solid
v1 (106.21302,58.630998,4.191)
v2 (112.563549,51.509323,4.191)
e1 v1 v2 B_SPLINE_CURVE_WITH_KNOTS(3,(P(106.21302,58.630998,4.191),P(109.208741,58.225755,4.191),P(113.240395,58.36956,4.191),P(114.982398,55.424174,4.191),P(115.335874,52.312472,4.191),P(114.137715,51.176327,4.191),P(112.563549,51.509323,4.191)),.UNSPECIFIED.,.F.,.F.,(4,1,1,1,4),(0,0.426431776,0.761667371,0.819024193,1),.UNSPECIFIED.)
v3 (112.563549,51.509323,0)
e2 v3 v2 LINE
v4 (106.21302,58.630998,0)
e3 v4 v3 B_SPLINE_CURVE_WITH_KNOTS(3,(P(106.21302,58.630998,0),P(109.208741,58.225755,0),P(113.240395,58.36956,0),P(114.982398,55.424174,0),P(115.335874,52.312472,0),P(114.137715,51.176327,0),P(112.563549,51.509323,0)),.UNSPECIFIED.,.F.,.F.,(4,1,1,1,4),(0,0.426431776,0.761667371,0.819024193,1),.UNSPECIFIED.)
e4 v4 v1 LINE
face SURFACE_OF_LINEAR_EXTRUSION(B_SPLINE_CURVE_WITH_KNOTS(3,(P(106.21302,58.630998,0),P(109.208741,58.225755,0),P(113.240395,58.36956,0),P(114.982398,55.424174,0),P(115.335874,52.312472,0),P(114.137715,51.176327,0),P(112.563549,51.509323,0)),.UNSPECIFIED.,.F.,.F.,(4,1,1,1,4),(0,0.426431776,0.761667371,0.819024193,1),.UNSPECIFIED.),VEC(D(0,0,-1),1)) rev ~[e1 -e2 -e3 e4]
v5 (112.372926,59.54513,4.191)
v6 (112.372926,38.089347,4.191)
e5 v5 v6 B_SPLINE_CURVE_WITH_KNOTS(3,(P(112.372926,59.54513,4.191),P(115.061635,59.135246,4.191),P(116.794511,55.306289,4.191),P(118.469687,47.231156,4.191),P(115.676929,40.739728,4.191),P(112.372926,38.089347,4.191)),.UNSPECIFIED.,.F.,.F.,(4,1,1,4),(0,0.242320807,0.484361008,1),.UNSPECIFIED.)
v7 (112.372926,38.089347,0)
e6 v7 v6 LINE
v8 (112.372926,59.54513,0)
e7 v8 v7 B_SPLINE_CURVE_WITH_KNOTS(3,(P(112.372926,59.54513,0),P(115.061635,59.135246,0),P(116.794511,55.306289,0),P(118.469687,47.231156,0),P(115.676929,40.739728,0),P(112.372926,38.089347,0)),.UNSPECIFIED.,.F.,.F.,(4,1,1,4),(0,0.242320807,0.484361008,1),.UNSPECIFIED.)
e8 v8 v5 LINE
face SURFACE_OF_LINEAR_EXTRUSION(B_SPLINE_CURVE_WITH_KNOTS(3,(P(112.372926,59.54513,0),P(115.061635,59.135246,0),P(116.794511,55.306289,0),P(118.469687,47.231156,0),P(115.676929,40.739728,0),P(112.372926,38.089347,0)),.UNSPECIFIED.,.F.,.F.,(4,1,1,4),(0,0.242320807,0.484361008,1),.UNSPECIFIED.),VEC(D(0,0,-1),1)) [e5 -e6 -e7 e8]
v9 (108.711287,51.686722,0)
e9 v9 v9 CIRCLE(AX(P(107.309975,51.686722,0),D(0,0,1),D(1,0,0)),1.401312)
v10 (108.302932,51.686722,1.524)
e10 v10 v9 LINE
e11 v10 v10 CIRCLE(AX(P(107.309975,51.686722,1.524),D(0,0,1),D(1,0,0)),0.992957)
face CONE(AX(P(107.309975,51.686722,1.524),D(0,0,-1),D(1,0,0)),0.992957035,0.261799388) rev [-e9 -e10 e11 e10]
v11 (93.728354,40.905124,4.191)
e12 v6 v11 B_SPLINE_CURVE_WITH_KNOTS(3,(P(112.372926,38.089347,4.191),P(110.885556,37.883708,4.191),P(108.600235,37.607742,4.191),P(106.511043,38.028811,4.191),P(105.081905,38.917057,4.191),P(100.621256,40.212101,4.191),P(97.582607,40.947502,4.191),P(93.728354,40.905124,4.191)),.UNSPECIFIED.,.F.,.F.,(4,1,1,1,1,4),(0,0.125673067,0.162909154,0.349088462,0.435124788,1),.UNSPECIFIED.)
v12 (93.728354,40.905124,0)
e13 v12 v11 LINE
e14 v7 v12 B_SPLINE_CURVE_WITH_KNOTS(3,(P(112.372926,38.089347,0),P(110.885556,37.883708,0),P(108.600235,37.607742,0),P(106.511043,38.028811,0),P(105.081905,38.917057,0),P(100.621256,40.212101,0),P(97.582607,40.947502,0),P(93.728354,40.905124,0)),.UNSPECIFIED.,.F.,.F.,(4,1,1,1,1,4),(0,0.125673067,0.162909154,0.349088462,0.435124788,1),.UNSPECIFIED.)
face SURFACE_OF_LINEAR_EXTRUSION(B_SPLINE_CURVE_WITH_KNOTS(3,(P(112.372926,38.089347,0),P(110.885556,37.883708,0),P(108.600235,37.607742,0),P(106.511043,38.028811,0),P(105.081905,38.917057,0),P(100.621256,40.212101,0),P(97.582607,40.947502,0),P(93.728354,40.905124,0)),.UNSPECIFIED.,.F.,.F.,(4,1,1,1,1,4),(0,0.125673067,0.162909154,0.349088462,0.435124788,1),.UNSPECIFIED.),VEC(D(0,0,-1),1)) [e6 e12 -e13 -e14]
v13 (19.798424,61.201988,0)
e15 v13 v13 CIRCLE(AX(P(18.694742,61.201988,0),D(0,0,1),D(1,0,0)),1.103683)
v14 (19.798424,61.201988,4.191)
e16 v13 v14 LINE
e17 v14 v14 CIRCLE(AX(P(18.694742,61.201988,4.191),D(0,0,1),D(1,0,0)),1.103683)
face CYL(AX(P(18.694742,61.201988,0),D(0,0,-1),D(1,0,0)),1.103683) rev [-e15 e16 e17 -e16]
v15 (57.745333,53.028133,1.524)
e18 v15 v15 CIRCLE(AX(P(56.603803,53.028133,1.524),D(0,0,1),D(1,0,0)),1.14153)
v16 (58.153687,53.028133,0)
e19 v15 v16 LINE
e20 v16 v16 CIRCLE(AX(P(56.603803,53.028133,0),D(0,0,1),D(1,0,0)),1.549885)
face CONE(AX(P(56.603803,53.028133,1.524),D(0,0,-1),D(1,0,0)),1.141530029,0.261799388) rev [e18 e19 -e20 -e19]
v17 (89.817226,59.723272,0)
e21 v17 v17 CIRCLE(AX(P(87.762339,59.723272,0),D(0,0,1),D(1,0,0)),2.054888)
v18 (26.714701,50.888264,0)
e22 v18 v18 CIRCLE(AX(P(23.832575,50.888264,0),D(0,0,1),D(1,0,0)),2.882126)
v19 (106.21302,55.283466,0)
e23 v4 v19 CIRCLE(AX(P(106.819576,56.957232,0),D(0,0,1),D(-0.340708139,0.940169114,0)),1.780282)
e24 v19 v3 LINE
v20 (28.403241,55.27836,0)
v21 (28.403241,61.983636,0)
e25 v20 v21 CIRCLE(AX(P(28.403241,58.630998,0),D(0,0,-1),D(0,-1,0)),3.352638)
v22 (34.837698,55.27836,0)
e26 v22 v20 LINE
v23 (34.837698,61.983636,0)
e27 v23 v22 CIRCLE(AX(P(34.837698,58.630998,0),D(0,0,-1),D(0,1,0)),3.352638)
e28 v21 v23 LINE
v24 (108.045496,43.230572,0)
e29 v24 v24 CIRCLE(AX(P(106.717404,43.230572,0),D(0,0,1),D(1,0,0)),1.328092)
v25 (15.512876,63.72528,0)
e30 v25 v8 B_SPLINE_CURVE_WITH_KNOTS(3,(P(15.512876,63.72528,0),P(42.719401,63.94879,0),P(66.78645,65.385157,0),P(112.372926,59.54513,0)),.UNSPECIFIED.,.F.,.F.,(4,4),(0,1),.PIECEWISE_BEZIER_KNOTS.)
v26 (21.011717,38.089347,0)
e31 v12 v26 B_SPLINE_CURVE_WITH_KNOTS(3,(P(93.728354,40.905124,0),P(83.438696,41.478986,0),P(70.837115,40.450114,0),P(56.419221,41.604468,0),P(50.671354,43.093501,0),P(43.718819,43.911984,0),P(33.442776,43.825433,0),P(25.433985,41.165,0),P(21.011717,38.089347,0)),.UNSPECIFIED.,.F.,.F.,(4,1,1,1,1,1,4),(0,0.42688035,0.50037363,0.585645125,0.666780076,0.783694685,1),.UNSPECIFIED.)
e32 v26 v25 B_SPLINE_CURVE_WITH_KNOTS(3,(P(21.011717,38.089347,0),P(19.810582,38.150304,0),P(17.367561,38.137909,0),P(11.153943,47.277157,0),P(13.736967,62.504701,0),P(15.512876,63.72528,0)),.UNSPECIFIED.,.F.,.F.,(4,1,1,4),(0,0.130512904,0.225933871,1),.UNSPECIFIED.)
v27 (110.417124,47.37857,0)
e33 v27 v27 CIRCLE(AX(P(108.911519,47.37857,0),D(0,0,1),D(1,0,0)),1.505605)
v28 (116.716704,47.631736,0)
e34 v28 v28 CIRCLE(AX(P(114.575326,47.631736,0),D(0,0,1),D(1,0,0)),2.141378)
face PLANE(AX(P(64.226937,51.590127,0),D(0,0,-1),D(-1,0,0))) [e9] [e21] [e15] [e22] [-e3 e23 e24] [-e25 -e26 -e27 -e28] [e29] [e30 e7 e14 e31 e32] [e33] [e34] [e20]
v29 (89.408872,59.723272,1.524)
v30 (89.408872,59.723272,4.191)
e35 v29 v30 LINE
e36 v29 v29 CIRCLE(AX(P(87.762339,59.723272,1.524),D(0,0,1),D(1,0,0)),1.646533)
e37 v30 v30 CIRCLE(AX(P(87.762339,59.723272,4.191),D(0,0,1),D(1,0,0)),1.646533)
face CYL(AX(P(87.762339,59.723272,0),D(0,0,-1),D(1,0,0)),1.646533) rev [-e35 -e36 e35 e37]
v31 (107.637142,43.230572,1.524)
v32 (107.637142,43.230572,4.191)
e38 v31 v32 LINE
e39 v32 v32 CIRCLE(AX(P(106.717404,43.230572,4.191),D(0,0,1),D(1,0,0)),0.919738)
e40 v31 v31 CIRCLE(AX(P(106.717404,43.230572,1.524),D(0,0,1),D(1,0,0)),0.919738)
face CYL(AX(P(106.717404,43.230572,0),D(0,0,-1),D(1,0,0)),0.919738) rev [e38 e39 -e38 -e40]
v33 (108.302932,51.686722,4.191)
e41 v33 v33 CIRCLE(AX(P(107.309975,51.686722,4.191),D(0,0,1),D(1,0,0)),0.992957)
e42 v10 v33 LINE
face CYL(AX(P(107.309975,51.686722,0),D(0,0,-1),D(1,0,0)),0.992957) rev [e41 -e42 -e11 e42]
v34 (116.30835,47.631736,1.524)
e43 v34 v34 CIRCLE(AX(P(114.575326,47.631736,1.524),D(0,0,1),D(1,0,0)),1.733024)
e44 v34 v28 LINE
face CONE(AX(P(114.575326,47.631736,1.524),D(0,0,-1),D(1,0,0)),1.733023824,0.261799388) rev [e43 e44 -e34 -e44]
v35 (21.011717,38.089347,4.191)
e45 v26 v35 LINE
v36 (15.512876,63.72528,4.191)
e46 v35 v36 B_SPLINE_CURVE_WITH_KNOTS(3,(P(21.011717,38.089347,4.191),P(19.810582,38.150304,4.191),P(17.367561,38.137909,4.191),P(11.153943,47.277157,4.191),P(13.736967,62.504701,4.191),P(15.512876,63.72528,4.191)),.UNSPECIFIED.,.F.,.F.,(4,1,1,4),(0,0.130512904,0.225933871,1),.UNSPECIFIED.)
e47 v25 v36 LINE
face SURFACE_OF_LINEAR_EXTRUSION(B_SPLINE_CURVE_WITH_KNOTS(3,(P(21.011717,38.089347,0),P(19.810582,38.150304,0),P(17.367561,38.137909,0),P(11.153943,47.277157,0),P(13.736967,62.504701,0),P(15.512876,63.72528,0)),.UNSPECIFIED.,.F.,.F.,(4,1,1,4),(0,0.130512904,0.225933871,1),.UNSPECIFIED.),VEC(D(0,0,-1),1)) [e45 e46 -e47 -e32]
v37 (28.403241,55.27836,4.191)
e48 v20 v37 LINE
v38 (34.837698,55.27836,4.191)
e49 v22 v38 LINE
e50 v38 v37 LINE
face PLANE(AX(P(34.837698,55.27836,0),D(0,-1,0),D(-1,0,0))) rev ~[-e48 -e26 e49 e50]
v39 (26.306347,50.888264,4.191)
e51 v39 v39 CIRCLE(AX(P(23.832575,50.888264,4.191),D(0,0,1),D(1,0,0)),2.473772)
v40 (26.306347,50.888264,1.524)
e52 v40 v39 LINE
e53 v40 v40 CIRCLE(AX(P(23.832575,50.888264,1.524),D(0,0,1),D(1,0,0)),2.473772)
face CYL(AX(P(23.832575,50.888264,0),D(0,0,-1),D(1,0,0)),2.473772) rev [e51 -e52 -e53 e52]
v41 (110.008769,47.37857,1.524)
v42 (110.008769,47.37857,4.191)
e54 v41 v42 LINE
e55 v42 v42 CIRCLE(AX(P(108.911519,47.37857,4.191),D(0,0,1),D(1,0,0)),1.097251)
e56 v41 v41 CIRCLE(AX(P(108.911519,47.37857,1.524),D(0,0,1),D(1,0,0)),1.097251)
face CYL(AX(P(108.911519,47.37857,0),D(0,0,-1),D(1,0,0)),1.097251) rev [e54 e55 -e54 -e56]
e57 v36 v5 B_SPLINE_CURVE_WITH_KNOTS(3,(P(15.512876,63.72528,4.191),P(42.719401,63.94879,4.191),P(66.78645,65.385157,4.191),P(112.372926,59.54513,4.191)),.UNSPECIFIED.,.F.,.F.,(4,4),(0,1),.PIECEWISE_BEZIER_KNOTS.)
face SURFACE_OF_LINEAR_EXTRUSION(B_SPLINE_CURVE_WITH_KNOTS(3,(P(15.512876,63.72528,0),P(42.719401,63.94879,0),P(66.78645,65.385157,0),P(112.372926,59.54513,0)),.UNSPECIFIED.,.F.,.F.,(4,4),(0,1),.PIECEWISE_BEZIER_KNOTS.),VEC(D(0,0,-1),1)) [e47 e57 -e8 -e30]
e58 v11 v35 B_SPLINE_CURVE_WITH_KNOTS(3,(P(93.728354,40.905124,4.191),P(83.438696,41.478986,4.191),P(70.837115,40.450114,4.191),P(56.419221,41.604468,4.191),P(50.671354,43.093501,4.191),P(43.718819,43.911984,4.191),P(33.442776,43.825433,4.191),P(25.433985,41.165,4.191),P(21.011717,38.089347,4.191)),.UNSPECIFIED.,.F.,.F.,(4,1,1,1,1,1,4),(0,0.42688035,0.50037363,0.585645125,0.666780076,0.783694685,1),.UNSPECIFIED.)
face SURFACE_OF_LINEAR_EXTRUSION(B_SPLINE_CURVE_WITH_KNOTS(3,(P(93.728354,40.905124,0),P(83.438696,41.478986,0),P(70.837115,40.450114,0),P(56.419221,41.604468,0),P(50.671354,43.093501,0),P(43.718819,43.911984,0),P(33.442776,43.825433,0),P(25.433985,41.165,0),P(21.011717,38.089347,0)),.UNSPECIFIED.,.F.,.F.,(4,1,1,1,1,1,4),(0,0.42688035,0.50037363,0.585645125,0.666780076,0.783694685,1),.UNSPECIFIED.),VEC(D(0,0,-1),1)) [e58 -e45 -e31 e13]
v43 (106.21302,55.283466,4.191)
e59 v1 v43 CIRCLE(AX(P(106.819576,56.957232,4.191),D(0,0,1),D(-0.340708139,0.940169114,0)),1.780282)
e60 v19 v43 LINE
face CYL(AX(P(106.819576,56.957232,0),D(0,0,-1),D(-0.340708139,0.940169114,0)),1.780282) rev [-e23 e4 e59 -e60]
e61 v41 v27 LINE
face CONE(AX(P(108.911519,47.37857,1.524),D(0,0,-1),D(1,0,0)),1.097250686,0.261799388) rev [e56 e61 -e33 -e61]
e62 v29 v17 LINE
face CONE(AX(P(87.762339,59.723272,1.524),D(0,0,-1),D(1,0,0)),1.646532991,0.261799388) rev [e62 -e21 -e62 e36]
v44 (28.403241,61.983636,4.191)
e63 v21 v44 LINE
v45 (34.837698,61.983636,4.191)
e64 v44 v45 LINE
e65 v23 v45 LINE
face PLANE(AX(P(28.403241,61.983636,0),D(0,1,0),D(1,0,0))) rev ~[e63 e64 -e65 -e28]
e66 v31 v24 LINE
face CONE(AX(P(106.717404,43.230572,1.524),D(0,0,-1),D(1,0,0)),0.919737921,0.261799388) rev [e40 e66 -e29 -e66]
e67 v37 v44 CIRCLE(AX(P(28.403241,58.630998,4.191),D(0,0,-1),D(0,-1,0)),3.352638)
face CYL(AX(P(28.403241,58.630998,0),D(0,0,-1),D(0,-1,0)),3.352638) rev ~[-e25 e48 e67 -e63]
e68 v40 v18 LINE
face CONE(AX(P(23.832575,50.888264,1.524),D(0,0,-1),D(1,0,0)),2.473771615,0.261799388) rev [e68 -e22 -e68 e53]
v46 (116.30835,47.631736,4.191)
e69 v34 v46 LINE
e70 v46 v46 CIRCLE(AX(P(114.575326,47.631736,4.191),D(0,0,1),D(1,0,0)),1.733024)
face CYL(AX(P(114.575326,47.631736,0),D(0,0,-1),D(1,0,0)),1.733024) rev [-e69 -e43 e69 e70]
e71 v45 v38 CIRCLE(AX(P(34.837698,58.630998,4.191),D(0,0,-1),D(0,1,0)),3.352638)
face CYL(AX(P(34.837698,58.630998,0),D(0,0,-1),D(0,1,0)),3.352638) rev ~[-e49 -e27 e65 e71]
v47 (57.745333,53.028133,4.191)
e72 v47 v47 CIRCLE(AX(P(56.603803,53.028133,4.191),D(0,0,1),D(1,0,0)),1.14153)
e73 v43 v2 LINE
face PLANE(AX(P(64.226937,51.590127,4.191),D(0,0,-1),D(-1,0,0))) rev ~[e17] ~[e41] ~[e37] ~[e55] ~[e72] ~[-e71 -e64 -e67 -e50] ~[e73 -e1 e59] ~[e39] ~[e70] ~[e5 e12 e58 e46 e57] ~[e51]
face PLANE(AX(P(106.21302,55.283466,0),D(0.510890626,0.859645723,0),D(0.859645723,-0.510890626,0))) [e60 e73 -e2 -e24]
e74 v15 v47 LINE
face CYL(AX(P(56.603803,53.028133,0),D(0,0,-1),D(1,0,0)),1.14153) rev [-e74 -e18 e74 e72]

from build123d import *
from OCP.BRepFilletAPI import BRepFilletAPI_MakeChamfer

# Parameters (mm, degrees)
SKETCH1_R           = 1.10368272
SKETCH1_R_2         = 2.473771615
SKETCH1_R_3         = 1.141530029
SKETCH1_R_4         = 1.646532991
SKETCH1_R_5         = 0.992957035
SKETCH1_R_6         = 1.097250686
SKETCH1_R_7         = 0.919737921
SKETCH1_R_8         = 1.733023824
BOSS_EXTRUDE1_DEPTH = 4.191
CHAMFER1_SIZE       = 1.524
CHAMFER1_SIZE2      = 0.408354569


with BuildPart() as part:
    # Sketch1 → Boss-Extrude1 (new body)
    with BuildSketch(Plane.XY):
        with BuildLine():
            add(Edge.make_bspline(
                [(15.512876253, 63.725280297), (42.719401206, 63.948789993), (66.786450327, 65.385157199), (112.372925873, 59.54513019)],
                knots=[0, 0, 0, 0, 1, 1, 1, 1], degree=3))
            add(Edge.make_bspline(
                [(112.372925873, 59.54513019), (115.06163518, 59.135245646), (116.794510744, 55.30628864), (118.469687047, 47.231155573), (115.676928934, 40.73972784), (112.372925873, 38.089347261)],
                knots=[0, 0, 0, 0, 0.242320807, 0.484361008, 1, 1, 1, 1], degree=3))
            add(Edge.make_bspline(
                [(112.372925873, 38.089347261), (110.885555874, 37.883707638), (108.600235295, 37.607741566), (106.511043014, 38.028810817), (105.081904878, 38.917056614), (100.621256306, 40.212100692), (97.582606658, 40.947501698), (93.728353676, 40.905124022)],
                knots=[0, 0, 0, 0, 0.125673067, 0.162909154, 0.349088462, 0.435124788, 1, 1, 1, 1], degree=3))
            add(Edge.make_bspline(
                [(93.728353676, 40.905124022), (83.438696491, 41.478986396), (70.837114823, 40.450114199), (56.41922121, 41.6044677), (50.671354177, 43.09350077), (43.718819381, 43.91198411), (33.442775683, 43.82543302), (25.433984632, 41.165000317), (21.011717493, 38.089347261)],
                knots=[0, 0, 0, 0, 0.42688035, 0.50037363, 0.585645125, 0.666780076, 0.783694685, 1, 1, 1, 1], degree=3))
            add(Edge.make_bspline(
                [(21.011717493, 38.089347261), (19.810582443, 38.150303915), (17.367560982, 38.137908515), (11.153943442, 47.277156737), (13.736966959, 62.504701038), (15.512876253, 63.725280297)],
                knots=[0, 0, 0, 0, 0.130512904, 0.225933871, 1, 1, 1, 1], degree=3))
        make_face()
        with Locations((18.694741626, 61.201988498)):
            Circle(SKETCH1_R, mode=Mode.SUBTRACT)
        with Locations((23.83257498, 50.888263766)):
            Circle(SKETCH1_R_2, mode=Mode.SUBTRACT)
        with Locations((56.603802785, 53.028132556)):
            Circle(SKETCH1_R_3, mode=Mode.SUBTRACT)
        with Locations((87.762338524, 59.723272367)):
            Circle(SKETCH1_R_4, mode=Mode.SUBTRACT)
        with Locations((107.309974975, 51.686722441)):
            Circle(SKETCH1_R_5, mode=Mode.SUBTRACT)
        with Locations((108.911518579, 47.378570146)):
            Circle(SKETCH1_R_6, mode=Mode.SUBTRACT)
        with Locations((106.717403841, 43.23057221)):
            Circle(SKETCH1_R_7, mode=Mode.SUBTRACT)
        with Locations((114.575325698, 47.631735726)):
            Circle(SKETCH1_R_8, mode=Mode.SUBTRACT)
        with BuildLine():
            Line((28.403240505, 61.983635523), (34.837697919, 61.983635523))
            ThreePointArc((34.837697919, 61.983635523), (38.190335559, 58.630997882), (34.837697919, 55.278360242))
            Line((34.837697919, 55.278360242), (28.403240505, 55.278360242))
            ThreePointArc((28.403240505, 55.278360242), (25.050602865, 58.630997882), (28.403240505, 61.983635523))
        make_face(mode=Mode.SUBTRACT)
        with BuildLine():
            Line((106.21301999, 55.283465905), (112.563548609, 51.509323308))
            add(Edge.make_bspline(
                [(106.21301999, 58.630997882), (109.208741336, 58.225755094), (113.240394983, 58.369560335), (114.982397754, 55.424174213), (115.335874029, 52.312472158), (114.137714748, 51.176326624), (112.563548609, 51.509323308)],
                knots=[0, 0, 0, 0, 0.426431776, 0.761667371, 0.819024193, 1, 1, 1, 1], degree=3))
            ThreePointArc((106.21301999, 58.630997882), (105.039294672, 56.957231894), (106.21301999, 55.283465905))
        make_face(mode=Mode.SUBTRACT)
    extrude(amount=BOSS_EXTRUDE1_DEPTH)

    # Chamfer1: one chamfer whose edges measure the first distance from different faces: ONE call of the kernel's chamfer builder (chamfer() names one face for all edges)
    chamfer1_edges_1 = [part.edges().sort_by_distance(p)[0] for p in [
        (21.358803365, 50.888263766, 0),
    ]]
    chamfer1_side_1 = [part.faces().sort_by_distance(p)[0] for p in [
        (21.358803365, 50.888263766, 2.0955),
    ]]
    chamfer1_edges_2 = [part.edges().sort_by_distance(p)[0] for p in [
        (55.462272756, 53.028132556, 0),
    ]]
    chamfer1_side_2 = [part.faces().sort_by_distance(p)[0] for p in [
        (55.462272756, 53.028132556, 2.0955),
    ]]
    chamfer1_edges_3 = [part.edges().sort_by_distance(p)[0] for p in [
        (86.115805532, 59.723272367, 0),
    ]]
    chamfer1_side_3 = [part.faces().sort_by_distance(p)[0] for p in [
        (86.115805532, 59.723272367, 2.0955),
    ]]
    chamfer1_edges_4 = [part.edges().sort_by_distance(p)[0] for p in [
        (106.31701794, 51.686722441, 0),
    ]]
    chamfer1_side_4 = [part.faces().sort_by_distance(p)[0] for p in [
        (106.31701794, 51.686722441, 2.0955),
    ]]
    chamfer1_edges_5 = [part.edges().sort_by_distance(p)[0] for p in [
        (107.814267893, 47.378570146, 0),
    ]]
    chamfer1_side_5 = [part.faces().sort_by_distance(p)[0] for p in [
        (107.814267893, 47.378570146, 2.0955),
    ]]
    chamfer1_edges_6 = [part.edges().sort_by_distance(p)[0] for p in [
        (105.79766592, 43.23057221, 0),
    ]]
    chamfer1_side_6 = [part.faces().sort_by_distance(p)[0] for p in [
        (105.79766592, 43.23057221, 2.0955),
    ]]
    chamfer1_edges_7 = [part.edges().sort_by_distance(p)[0] for p in [
        (112.842301875, 47.631735726, 0),
    ]]
    chamfer1_side_7 = [part.faces().sort_by_distance(p)[0] for p in [
        (112.842301875, 47.631735726, 2.0955),
    ]]
    chamfer1 = BRepFilletAPI_MakeChamfer(part.part.solid().wrapped)
    for e in chamfer1_edges_1:
        chamfer1.Add(CHAMFER1_SIZE, CHAMFER1_SIZE2, e.wrapped, chamfer1_side_1[0].wrapped)  # the first distance lies on this face
    for e in chamfer1_edges_2:
        chamfer1.Add(CHAMFER1_SIZE, CHAMFER1_SIZE2, e.wrapped, chamfer1_side_2[0].wrapped)  # the first distance lies on this face
    for e in chamfer1_edges_3:
        chamfer1.Add(CHAMFER1_SIZE, CHAMFER1_SIZE2, e.wrapped, chamfer1_side_3[0].wrapped)  # the first distance lies on this face
    for e in chamfer1_edges_4:
        chamfer1.Add(CHAMFER1_SIZE, CHAMFER1_SIZE2, e.wrapped, chamfer1_side_4[0].wrapped)  # the first distance lies on this face
    for e in chamfer1_edges_5:
        chamfer1.Add(CHAMFER1_SIZE, CHAMFER1_SIZE2, e.wrapped, chamfer1_side_5[0].wrapped)  # the first distance lies on this face
    for e in chamfer1_edges_6:
        chamfer1.Add(CHAMFER1_SIZE, CHAMFER1_SIZE2, e.wrapped, chamfer1_side_6[0].wrapped)  # the first distance lies on this face
    for e in chamfer1_edges_7:
        chamfer1.Add(CHAMFER1_SIZE, CHAMFER1_SIZE2, e.wrapped, chamfer1_side_7[0].wrapped)  # the first distance lies on this face
    add(Compound.cast(chamfer1.Shape()), mode=Mode.REPLACE)


solid = part.part
